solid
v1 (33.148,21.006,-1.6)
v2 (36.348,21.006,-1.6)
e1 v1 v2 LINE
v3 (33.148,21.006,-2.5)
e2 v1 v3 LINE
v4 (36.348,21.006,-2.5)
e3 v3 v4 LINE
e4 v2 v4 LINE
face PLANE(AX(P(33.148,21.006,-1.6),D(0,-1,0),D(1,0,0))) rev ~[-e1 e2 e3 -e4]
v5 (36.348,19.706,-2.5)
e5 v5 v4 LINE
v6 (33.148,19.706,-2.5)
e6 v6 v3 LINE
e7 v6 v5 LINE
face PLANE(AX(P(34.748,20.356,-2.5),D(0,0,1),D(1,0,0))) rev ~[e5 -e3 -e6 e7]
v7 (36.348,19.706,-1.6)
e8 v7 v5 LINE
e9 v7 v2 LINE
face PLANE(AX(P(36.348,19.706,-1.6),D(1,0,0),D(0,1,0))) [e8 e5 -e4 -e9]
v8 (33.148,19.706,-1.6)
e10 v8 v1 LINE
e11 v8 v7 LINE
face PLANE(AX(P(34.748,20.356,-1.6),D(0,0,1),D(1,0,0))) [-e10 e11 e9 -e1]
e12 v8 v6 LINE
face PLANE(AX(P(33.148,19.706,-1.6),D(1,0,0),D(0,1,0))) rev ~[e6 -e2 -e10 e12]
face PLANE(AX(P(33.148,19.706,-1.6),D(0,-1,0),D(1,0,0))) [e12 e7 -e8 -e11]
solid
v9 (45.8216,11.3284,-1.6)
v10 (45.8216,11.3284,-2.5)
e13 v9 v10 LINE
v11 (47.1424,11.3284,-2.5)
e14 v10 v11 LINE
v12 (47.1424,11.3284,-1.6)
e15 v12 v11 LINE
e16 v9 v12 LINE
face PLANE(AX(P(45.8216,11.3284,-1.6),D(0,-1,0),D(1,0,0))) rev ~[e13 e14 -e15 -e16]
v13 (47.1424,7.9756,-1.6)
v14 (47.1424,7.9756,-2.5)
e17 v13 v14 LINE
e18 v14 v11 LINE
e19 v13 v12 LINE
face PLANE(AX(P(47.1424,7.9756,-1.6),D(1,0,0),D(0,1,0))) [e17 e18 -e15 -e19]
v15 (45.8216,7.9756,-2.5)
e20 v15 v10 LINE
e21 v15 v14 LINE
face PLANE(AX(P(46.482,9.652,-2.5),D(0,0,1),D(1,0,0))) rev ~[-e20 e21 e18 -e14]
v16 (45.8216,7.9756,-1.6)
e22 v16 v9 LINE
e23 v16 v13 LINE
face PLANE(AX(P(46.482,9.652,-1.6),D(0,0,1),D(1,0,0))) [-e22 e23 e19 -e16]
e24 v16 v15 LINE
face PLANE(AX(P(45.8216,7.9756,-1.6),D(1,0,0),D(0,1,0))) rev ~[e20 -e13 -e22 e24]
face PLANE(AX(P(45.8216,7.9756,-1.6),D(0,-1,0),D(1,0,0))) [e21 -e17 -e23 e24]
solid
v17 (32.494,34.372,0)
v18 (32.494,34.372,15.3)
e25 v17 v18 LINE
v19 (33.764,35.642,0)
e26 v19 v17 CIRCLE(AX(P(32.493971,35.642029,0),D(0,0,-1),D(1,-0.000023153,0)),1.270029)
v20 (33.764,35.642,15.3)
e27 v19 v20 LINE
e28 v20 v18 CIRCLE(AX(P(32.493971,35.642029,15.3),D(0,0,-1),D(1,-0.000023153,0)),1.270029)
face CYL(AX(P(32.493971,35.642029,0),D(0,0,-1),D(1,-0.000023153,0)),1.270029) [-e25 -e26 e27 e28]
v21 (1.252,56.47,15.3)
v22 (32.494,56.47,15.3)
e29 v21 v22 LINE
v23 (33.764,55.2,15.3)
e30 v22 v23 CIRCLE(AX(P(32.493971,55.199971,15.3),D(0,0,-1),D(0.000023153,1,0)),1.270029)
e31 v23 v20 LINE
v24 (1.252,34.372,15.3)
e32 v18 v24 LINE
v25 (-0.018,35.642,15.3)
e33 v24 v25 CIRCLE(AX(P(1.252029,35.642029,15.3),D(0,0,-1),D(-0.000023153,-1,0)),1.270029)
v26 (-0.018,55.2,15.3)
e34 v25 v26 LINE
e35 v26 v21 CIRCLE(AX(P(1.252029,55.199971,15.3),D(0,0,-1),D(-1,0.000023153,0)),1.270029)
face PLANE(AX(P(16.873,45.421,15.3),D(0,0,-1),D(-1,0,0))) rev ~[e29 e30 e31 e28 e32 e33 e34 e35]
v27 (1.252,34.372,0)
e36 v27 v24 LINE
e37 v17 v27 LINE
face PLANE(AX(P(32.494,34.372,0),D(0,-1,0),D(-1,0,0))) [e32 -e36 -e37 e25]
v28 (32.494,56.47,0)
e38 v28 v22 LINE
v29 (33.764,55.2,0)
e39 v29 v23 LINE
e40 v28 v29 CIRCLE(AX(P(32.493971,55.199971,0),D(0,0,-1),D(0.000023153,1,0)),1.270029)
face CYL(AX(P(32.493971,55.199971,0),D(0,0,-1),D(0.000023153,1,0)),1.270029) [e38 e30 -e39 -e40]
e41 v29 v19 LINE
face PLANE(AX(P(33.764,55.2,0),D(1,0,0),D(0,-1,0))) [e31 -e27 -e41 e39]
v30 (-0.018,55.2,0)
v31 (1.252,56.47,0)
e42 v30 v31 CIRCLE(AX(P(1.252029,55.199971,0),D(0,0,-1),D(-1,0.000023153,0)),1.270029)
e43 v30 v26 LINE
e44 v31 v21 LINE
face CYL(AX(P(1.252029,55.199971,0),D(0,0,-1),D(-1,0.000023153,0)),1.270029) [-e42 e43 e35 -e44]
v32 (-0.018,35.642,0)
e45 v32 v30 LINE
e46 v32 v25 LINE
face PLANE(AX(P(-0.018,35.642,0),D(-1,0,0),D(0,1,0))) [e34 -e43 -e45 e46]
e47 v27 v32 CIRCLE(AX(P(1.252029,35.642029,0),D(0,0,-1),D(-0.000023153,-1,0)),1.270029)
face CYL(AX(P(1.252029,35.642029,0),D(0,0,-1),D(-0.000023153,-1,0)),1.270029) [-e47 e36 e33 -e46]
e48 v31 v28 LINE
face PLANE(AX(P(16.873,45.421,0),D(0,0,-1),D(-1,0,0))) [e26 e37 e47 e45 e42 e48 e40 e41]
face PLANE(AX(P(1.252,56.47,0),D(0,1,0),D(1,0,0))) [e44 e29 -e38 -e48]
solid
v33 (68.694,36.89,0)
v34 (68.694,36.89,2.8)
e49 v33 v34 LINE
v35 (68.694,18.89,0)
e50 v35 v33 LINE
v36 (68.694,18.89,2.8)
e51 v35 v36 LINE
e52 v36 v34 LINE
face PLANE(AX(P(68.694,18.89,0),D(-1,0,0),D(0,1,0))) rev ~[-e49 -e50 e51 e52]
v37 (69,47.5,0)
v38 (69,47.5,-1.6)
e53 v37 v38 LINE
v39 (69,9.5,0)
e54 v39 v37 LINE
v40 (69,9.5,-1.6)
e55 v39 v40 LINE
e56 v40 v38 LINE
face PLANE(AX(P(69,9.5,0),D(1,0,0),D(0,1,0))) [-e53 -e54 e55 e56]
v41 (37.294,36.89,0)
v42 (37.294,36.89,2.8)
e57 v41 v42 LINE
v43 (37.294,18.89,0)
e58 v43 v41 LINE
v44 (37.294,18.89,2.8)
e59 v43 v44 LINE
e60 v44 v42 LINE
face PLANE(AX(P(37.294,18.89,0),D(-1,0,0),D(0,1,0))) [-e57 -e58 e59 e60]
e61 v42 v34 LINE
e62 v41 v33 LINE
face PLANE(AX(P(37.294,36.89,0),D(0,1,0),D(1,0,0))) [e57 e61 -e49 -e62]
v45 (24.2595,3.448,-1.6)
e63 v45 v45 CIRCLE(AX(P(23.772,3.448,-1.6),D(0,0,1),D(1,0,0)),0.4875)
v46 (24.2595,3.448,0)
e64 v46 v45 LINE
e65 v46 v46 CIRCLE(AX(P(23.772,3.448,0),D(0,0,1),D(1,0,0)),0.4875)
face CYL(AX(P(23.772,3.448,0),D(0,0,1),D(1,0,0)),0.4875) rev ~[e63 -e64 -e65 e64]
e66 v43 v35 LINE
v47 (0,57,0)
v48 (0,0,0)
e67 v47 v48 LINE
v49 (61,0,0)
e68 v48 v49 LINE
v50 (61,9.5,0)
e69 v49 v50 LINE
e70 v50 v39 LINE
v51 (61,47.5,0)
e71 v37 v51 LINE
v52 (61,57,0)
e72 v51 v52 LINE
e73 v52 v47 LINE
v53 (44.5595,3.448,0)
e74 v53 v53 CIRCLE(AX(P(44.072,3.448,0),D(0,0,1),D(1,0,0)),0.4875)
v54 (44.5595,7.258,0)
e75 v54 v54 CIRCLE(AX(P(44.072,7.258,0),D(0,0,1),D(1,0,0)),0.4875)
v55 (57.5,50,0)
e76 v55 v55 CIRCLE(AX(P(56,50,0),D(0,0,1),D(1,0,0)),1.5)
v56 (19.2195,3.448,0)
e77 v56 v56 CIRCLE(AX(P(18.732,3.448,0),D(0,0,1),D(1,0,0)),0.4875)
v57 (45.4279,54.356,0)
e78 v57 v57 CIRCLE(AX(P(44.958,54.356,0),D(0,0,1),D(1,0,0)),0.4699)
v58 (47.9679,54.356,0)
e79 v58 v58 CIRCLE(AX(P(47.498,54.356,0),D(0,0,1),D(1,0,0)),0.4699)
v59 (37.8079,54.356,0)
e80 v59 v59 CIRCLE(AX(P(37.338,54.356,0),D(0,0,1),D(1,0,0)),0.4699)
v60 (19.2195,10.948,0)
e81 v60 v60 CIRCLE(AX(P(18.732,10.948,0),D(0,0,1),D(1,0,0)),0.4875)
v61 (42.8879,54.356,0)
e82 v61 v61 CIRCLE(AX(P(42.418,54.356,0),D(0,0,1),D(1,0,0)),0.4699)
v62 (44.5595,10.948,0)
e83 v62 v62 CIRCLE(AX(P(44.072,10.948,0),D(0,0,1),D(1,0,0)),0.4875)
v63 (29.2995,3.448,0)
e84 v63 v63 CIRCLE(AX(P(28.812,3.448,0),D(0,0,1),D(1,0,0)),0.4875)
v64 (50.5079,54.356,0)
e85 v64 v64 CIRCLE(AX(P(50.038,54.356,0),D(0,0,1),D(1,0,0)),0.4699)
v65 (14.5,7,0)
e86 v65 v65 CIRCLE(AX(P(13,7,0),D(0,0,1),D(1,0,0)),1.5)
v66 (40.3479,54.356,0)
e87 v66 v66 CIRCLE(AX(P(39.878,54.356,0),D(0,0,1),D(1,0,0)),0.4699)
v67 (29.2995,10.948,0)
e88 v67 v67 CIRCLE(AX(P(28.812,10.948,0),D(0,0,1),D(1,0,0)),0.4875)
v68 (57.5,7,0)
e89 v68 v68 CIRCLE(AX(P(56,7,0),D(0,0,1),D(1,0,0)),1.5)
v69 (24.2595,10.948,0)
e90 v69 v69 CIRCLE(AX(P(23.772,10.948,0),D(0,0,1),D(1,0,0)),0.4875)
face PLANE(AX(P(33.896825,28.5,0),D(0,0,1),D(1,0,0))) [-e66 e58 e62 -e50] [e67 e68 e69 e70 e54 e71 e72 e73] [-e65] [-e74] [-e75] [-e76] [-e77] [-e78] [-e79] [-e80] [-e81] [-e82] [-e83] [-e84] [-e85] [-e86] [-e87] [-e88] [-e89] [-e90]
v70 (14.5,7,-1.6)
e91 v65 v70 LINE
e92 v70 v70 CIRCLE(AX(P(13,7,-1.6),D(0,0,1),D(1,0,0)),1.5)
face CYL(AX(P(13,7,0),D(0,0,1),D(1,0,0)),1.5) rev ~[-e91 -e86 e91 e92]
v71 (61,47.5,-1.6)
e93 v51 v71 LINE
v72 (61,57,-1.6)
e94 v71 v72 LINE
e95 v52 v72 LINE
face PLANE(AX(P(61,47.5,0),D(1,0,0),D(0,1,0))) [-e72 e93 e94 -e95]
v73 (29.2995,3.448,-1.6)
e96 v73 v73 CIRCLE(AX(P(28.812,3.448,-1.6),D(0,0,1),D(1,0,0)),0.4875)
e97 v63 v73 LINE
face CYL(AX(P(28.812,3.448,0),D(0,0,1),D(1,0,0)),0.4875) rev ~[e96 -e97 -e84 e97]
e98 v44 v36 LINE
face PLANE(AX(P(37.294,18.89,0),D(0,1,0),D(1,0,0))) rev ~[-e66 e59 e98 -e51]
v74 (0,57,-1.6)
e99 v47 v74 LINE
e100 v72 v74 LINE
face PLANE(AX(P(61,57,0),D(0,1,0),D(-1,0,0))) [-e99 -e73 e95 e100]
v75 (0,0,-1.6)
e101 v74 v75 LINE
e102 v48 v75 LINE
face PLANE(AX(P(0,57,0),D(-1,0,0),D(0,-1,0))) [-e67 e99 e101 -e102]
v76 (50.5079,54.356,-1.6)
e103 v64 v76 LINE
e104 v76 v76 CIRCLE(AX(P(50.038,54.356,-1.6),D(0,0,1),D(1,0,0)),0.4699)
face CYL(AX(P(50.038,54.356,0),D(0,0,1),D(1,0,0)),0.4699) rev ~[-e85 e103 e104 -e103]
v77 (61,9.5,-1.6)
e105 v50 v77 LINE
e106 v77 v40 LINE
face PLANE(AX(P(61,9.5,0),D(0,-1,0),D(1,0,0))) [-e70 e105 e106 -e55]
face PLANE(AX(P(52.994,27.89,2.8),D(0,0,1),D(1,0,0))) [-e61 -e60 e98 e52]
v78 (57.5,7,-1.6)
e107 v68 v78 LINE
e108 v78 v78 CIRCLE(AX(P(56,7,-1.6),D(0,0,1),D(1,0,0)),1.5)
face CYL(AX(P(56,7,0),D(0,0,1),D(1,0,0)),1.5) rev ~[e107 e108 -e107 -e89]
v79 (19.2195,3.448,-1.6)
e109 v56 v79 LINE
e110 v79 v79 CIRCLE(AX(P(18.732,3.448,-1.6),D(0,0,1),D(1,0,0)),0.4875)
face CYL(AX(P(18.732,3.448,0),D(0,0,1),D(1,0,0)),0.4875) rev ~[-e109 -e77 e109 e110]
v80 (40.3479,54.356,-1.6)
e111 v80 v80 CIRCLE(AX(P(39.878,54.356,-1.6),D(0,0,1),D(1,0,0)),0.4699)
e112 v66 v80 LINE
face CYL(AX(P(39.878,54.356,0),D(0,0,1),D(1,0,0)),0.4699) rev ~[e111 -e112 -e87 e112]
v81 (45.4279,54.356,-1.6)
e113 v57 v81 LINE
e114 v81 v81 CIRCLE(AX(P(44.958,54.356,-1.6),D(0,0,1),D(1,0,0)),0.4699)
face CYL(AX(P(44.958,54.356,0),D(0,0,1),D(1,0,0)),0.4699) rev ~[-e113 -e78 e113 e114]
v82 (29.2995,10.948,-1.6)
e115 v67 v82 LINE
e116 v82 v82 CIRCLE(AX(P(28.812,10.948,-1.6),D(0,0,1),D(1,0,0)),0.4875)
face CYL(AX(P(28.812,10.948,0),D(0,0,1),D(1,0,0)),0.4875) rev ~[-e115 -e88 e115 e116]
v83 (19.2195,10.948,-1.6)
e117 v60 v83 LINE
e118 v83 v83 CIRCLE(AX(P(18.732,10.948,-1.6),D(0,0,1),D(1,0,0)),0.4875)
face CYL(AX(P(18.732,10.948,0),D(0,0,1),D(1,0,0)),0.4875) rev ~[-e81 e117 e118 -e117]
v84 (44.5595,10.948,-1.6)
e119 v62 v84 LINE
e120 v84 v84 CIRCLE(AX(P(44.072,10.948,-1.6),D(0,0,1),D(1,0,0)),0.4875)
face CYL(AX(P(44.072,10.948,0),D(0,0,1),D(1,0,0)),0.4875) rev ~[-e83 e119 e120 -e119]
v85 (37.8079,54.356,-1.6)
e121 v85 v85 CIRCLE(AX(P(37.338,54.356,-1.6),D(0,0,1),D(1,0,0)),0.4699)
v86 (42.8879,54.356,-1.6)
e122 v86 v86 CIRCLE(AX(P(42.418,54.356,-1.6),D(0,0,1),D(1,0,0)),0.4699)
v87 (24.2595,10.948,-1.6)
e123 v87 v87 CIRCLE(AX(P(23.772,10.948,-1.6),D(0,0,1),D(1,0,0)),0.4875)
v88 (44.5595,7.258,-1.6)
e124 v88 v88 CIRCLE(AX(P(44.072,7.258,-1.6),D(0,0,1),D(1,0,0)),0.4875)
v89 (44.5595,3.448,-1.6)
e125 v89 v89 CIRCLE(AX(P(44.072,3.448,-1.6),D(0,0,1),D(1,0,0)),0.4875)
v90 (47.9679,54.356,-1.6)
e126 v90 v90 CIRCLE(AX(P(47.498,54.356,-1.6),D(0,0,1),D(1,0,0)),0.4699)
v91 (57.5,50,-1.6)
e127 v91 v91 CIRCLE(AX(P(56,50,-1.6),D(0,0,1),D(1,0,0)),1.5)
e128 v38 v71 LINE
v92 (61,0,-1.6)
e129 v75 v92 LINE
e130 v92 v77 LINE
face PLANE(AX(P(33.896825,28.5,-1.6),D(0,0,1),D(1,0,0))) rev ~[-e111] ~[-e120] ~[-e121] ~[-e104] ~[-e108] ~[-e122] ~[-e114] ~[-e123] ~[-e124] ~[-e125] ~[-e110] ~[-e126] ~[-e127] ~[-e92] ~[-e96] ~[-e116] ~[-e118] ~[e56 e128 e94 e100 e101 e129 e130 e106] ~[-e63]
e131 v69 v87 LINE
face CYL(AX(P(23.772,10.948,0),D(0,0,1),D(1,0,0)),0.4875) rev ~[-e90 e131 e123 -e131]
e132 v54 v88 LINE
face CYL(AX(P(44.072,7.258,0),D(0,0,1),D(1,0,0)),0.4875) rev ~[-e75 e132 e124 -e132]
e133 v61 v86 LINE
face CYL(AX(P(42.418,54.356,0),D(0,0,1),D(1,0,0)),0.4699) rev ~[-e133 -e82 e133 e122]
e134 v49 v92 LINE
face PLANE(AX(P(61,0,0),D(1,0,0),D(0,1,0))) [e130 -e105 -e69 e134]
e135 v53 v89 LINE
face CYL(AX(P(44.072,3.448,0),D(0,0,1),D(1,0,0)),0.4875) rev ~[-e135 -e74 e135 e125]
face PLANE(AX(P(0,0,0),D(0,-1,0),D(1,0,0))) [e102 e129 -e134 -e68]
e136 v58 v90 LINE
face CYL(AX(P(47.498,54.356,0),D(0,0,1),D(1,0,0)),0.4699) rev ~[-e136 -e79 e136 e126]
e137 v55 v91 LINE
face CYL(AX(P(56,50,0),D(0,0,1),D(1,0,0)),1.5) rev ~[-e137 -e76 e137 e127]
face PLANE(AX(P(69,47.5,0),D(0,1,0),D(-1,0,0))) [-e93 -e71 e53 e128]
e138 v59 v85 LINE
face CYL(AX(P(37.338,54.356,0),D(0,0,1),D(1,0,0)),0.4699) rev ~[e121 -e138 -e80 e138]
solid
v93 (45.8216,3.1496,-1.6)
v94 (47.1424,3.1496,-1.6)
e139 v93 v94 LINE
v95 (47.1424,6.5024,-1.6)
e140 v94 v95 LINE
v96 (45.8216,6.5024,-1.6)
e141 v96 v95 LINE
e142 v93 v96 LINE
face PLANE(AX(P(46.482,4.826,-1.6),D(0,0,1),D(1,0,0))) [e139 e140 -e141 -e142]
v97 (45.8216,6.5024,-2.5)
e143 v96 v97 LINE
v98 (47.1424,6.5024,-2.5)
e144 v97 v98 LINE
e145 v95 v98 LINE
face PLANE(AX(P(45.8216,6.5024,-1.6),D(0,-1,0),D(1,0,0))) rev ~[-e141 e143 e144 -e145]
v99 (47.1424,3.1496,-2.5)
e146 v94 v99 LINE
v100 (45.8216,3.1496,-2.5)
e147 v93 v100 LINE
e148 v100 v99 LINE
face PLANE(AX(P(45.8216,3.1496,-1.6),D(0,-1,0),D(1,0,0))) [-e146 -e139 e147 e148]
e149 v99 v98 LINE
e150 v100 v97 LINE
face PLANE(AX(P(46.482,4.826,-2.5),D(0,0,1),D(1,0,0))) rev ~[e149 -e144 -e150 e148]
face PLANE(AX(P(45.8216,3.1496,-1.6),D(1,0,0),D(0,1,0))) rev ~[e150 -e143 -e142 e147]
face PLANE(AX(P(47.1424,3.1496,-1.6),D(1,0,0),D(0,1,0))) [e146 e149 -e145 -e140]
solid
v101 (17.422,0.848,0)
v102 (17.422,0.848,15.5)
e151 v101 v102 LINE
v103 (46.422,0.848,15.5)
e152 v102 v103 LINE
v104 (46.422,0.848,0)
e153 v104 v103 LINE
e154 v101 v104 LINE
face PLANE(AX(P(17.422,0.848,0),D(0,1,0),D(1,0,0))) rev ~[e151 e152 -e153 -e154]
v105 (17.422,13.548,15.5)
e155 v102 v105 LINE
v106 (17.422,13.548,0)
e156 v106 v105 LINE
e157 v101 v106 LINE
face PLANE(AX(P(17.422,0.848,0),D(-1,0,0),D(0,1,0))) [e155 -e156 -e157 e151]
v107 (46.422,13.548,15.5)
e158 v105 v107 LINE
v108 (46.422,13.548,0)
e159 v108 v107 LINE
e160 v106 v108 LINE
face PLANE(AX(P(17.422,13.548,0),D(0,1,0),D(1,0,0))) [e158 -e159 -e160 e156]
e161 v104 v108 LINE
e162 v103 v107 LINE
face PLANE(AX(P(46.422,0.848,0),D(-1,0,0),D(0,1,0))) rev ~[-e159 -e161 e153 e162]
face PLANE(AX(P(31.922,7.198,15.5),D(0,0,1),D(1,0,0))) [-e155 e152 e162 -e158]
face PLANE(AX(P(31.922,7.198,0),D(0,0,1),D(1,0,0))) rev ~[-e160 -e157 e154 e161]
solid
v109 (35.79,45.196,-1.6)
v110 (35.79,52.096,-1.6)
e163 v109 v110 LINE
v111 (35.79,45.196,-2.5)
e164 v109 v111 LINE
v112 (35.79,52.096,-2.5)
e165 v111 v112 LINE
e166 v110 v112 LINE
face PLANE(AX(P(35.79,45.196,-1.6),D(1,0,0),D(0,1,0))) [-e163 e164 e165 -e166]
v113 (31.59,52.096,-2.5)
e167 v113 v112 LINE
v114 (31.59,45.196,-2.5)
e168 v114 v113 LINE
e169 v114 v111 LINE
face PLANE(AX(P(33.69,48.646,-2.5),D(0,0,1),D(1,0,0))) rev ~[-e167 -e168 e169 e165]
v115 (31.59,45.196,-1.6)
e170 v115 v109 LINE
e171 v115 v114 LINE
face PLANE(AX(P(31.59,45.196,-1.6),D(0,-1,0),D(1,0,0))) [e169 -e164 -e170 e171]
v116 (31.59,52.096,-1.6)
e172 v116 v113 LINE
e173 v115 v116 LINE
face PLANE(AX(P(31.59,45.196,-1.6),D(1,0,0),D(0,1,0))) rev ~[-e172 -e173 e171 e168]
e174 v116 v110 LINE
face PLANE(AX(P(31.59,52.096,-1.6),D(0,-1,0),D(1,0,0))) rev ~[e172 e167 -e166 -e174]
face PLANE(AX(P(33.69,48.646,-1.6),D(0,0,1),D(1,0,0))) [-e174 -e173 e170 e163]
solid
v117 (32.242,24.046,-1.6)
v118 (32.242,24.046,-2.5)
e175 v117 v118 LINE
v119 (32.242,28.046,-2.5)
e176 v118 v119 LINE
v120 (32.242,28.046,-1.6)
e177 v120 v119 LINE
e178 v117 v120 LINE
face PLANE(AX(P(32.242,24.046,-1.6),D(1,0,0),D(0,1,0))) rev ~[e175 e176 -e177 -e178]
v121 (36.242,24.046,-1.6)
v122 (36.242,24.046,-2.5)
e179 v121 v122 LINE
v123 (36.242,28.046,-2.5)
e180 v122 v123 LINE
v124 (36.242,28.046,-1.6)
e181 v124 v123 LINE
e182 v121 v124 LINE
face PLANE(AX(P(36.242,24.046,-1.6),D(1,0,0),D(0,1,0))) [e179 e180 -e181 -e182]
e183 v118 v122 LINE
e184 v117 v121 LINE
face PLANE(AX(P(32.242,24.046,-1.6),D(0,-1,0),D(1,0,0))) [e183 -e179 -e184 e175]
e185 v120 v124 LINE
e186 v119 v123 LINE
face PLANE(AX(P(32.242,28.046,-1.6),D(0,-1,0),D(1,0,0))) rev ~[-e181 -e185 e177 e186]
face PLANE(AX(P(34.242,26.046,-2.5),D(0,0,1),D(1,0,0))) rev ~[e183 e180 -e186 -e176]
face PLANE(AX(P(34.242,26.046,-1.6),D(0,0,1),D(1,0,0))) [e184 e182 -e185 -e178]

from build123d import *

# Parameters (mm, degrees)
SKETCH_20_R           = 1.5
BOSS_EXTRUDE1_DEPTH   = 1.6
SKETCH_17_R           = 0.4699
SKETCH_17_R_2         = 0.4875
CUT_EXTRUDE1_DEPTH    = 1.6
BOSS_EXTRUDE2_START   = -1.6
SKETCH_52_W           = 4.2
SKETCH_52_H           = 6.9
BOSS_EXTRUDE2_DEPTH   = 0.9
SKETCH_52_W_2         = 1.3208
SKETCH_52_H_2         = 3.3528
BOSS_EXTRUDE2_2_DEPTH = 0.9
BOSS_EXTRUDE2_3_DEPTH = 0.9
SKETCH_52_W_3         = 4
SKETCH_52_H_3         = 4
BOSS_EXTRUDE2_4_DEPTH = 0.9
SKETCH_52_W_4         = 3.2
SKETCH_52_H_4         = 1.3
BOSS_EXTRUDE2_5_DEPTH = 0.9
SKETCH_51_W           = 29
SKETCH_51_H           = 12.7
BOSS_EXTRUDE3_DEPTH   = 15.5
SKETCH_51_3_W         = 31.4
SKETCH_51_3_H         = 18
BOSS_EXTRUDE4_DEPTH   = 2.8
BOSS_EXTRUDE5_DEPTH   = 15.3


with BuildPart() as part:
    # Sketch 20 → Boss-Extrude1 (new body)
    with BuildSketch(Plane.XY):
        Polygon((0, 0), (61, 0), (61, 9.5), (69, 9.5), (69, 47.5), (61, 47.5), (61, 57), (0, 57), align=None)
        with Locations((56, 50)):
            Circle(SKETCH_20_R, mode=Mode.SUBTRACT)
        with Locations((56, 7)):
            Circle(SKETCH_20_R, mode=Mode.SUBTRACT)
        with Locations((13, 7)):
            Circle(SKETCH_20_R, mode=Mode.SUBTRACT)
    extrude(amount=-BOSS_EXTRUDE1_DEPTH)

    # Sketch 17 → Cut-Extrude1 (cut)
    with BuildSketch(Plane.XY):
        with Locations((50.038, 54.356)):
            Circle(SKETCH_17_R)
        with Locations((47.498, 54.356)):
            Circle(SKETCH_17_R)
        with Locations((44.958, 54.356)):
            Circle(SKETCH_17_R)
        with Locations((42.418, 54.356)):
            Circle(SKETCH_17_R)
        with Locations((39.878, 54.356)):
            Circle(SKETCH_17_R)
        with Locations((37.338, 54.356)):
            Circle(SKETCH_17_R)
        with Locations((23.772, 3.448)):
            Circle(SKETCH_17_R_2)
        with Locations((28.812, 3.448)):
            Circle(SKETCH_17_R_2)
        with Locations((18.732, 3.448)):
            Circle(SKETCH_17_R_2)
        with Locations((23.772, 10.948)):
            Circle(SKETCH_17_R_2)
        with Locations((28.812, 10.948)):
            Circle(SKETCH_17_R_2)
        with Locations((18.732, 10.948)):
            Circle(SKETCH_17_R_2)
        with Locations((44.072, 10.948)):
            Circle(SKETCH_17_R_2)
        with Locations((44.072, 3.448)):
            Circle(SKETCH_17_R_2)
        with Locations((44.072, 7.258)):
            Circle(SKETCH_17_R_2)
    extrude(amount=-CUT_EXTRUDE1_DEPTH, mode=Mode.SUBTRACT)

    # 51<3> → Boss-Extrude4 (add)
    with BuildSketch(Plane.XY):
        with Locations((52.994, 27.89)):
            Rectangle(SKETCH_51_3_W, SKETCH_51_3_H)
    extrude(amount=BOSS_EXTRUDE4_DEPTH)


with BuildPart() as body_2:
    # Sketch 52 → Boss-Extrude2 (new body)
    with BuildSketch(Plane.XY.offset(BOSS_EXTRUDE2_START)):
        with Locations((33.69, 48.646)):
            Rectangle(SKETCH_52_W, SKETCH_52_H)
    extrude(amount=-BOSS_EXTRUDE2_DEPTH)


with BuildPart() as body_3:
    # Sketch 52 → Boss-Extrude2 2 (new body)
    with BuildSketch(Plane.XY.offset(BOSS_EXTRUDE2_START)):
        with Locations((46.482, 9.652)):
            Rectangle(SKETCH_52_W_2, SKETCH_52_H_2)
    extrude(amount=-BOSS_EXTRUDE2_2_DEPTH)


with BuildPart() as body_4:
    # Sketch 52 → Boss-Extrude2 3 (new body)
    with BuildSketch(Plane.XY.offset(BOSS_EXTRUDE2_START)):
        with Locations((46.482, 4.826)):
            Rectangle(SKETCH_52_W_2, SKETCH_52_H_2)
    extrude(amount=-BOSS_EXTRUDE2_3_DEPTH)


with BuildPart() as body_5:
    # Sketch 52 → Boss-Extrude2 4 (new body)
    with BuildSketch(Plane.XY.offset(BOSS_EXTRUDE2_START)):
        with Locations((34.242, 26.046)):
            Rectangle(SKETCH_52_W_3, SKETCH_52_H_3)
    extrude(amount=-BOSS_EXTRUDE2_4_DEPTH)


with BuildPart() as body_6:
    # Sketch 52 → Boss-Extrude2 5 (new body)
    with BuildSketch(Plane.XY.offset(BOSS_EXTRUDE2_START)):
        with Locations((34.748, 20.356)):
            Rectangle(SKETCH_52_W_4, SKETCH_52_H_4)
    extrude(amount=-BOSS_EXTRUDE2_5_DEPTH)


with BuildPart() as body_7:
    # Sketch 51 → Boss-Extrude3 (new body)
    with BuildSketch(Plane.XY):
        with Locations((31.922, 7.198)):
            Rectangle(SKETCH_51_W, SKETCH_51_H)
    extrude(amount=BOSS_EXTRUDE3_DEPTH)


with BuildPart() as body_8:
    # Sketch 21 → Boss-Extrude5 (new body)
    with BuildSketch(Plane.XY):
        with BuildLine():
            Line((1.252, 56.47), (32.494, 56.47))
            ThreePointArc((32.494, 56.47), (33.392017, 56.098017), (33.764, 55.2))
            Line((33.764, 55.2), (33.764, 35.642))
            ThreePointArc((33.764, 35.642), (33.392017, 34.743983), (32.494, 34.372))
            Line((32.494, 34.372), (1.252, 34.372))
            ThreePointArc((1.252, 34.372), (0.353983, 34.743983), (-0.018, 35.642))
            Line((-0.018, 35.642), (-0.018, 55.2))
            ThreePointArc((-0.018, 55.2), (0.353983, 56.098017), (1.252, 56.47))
        make_face()
    extrude(amount=BOSS_EXTRUDE5_DEPTH)


solid = Compound([part.part, body_2.part, body_3.part, body_4.part, body_5.part, body_6.part, body_7.part, body_8.part])
